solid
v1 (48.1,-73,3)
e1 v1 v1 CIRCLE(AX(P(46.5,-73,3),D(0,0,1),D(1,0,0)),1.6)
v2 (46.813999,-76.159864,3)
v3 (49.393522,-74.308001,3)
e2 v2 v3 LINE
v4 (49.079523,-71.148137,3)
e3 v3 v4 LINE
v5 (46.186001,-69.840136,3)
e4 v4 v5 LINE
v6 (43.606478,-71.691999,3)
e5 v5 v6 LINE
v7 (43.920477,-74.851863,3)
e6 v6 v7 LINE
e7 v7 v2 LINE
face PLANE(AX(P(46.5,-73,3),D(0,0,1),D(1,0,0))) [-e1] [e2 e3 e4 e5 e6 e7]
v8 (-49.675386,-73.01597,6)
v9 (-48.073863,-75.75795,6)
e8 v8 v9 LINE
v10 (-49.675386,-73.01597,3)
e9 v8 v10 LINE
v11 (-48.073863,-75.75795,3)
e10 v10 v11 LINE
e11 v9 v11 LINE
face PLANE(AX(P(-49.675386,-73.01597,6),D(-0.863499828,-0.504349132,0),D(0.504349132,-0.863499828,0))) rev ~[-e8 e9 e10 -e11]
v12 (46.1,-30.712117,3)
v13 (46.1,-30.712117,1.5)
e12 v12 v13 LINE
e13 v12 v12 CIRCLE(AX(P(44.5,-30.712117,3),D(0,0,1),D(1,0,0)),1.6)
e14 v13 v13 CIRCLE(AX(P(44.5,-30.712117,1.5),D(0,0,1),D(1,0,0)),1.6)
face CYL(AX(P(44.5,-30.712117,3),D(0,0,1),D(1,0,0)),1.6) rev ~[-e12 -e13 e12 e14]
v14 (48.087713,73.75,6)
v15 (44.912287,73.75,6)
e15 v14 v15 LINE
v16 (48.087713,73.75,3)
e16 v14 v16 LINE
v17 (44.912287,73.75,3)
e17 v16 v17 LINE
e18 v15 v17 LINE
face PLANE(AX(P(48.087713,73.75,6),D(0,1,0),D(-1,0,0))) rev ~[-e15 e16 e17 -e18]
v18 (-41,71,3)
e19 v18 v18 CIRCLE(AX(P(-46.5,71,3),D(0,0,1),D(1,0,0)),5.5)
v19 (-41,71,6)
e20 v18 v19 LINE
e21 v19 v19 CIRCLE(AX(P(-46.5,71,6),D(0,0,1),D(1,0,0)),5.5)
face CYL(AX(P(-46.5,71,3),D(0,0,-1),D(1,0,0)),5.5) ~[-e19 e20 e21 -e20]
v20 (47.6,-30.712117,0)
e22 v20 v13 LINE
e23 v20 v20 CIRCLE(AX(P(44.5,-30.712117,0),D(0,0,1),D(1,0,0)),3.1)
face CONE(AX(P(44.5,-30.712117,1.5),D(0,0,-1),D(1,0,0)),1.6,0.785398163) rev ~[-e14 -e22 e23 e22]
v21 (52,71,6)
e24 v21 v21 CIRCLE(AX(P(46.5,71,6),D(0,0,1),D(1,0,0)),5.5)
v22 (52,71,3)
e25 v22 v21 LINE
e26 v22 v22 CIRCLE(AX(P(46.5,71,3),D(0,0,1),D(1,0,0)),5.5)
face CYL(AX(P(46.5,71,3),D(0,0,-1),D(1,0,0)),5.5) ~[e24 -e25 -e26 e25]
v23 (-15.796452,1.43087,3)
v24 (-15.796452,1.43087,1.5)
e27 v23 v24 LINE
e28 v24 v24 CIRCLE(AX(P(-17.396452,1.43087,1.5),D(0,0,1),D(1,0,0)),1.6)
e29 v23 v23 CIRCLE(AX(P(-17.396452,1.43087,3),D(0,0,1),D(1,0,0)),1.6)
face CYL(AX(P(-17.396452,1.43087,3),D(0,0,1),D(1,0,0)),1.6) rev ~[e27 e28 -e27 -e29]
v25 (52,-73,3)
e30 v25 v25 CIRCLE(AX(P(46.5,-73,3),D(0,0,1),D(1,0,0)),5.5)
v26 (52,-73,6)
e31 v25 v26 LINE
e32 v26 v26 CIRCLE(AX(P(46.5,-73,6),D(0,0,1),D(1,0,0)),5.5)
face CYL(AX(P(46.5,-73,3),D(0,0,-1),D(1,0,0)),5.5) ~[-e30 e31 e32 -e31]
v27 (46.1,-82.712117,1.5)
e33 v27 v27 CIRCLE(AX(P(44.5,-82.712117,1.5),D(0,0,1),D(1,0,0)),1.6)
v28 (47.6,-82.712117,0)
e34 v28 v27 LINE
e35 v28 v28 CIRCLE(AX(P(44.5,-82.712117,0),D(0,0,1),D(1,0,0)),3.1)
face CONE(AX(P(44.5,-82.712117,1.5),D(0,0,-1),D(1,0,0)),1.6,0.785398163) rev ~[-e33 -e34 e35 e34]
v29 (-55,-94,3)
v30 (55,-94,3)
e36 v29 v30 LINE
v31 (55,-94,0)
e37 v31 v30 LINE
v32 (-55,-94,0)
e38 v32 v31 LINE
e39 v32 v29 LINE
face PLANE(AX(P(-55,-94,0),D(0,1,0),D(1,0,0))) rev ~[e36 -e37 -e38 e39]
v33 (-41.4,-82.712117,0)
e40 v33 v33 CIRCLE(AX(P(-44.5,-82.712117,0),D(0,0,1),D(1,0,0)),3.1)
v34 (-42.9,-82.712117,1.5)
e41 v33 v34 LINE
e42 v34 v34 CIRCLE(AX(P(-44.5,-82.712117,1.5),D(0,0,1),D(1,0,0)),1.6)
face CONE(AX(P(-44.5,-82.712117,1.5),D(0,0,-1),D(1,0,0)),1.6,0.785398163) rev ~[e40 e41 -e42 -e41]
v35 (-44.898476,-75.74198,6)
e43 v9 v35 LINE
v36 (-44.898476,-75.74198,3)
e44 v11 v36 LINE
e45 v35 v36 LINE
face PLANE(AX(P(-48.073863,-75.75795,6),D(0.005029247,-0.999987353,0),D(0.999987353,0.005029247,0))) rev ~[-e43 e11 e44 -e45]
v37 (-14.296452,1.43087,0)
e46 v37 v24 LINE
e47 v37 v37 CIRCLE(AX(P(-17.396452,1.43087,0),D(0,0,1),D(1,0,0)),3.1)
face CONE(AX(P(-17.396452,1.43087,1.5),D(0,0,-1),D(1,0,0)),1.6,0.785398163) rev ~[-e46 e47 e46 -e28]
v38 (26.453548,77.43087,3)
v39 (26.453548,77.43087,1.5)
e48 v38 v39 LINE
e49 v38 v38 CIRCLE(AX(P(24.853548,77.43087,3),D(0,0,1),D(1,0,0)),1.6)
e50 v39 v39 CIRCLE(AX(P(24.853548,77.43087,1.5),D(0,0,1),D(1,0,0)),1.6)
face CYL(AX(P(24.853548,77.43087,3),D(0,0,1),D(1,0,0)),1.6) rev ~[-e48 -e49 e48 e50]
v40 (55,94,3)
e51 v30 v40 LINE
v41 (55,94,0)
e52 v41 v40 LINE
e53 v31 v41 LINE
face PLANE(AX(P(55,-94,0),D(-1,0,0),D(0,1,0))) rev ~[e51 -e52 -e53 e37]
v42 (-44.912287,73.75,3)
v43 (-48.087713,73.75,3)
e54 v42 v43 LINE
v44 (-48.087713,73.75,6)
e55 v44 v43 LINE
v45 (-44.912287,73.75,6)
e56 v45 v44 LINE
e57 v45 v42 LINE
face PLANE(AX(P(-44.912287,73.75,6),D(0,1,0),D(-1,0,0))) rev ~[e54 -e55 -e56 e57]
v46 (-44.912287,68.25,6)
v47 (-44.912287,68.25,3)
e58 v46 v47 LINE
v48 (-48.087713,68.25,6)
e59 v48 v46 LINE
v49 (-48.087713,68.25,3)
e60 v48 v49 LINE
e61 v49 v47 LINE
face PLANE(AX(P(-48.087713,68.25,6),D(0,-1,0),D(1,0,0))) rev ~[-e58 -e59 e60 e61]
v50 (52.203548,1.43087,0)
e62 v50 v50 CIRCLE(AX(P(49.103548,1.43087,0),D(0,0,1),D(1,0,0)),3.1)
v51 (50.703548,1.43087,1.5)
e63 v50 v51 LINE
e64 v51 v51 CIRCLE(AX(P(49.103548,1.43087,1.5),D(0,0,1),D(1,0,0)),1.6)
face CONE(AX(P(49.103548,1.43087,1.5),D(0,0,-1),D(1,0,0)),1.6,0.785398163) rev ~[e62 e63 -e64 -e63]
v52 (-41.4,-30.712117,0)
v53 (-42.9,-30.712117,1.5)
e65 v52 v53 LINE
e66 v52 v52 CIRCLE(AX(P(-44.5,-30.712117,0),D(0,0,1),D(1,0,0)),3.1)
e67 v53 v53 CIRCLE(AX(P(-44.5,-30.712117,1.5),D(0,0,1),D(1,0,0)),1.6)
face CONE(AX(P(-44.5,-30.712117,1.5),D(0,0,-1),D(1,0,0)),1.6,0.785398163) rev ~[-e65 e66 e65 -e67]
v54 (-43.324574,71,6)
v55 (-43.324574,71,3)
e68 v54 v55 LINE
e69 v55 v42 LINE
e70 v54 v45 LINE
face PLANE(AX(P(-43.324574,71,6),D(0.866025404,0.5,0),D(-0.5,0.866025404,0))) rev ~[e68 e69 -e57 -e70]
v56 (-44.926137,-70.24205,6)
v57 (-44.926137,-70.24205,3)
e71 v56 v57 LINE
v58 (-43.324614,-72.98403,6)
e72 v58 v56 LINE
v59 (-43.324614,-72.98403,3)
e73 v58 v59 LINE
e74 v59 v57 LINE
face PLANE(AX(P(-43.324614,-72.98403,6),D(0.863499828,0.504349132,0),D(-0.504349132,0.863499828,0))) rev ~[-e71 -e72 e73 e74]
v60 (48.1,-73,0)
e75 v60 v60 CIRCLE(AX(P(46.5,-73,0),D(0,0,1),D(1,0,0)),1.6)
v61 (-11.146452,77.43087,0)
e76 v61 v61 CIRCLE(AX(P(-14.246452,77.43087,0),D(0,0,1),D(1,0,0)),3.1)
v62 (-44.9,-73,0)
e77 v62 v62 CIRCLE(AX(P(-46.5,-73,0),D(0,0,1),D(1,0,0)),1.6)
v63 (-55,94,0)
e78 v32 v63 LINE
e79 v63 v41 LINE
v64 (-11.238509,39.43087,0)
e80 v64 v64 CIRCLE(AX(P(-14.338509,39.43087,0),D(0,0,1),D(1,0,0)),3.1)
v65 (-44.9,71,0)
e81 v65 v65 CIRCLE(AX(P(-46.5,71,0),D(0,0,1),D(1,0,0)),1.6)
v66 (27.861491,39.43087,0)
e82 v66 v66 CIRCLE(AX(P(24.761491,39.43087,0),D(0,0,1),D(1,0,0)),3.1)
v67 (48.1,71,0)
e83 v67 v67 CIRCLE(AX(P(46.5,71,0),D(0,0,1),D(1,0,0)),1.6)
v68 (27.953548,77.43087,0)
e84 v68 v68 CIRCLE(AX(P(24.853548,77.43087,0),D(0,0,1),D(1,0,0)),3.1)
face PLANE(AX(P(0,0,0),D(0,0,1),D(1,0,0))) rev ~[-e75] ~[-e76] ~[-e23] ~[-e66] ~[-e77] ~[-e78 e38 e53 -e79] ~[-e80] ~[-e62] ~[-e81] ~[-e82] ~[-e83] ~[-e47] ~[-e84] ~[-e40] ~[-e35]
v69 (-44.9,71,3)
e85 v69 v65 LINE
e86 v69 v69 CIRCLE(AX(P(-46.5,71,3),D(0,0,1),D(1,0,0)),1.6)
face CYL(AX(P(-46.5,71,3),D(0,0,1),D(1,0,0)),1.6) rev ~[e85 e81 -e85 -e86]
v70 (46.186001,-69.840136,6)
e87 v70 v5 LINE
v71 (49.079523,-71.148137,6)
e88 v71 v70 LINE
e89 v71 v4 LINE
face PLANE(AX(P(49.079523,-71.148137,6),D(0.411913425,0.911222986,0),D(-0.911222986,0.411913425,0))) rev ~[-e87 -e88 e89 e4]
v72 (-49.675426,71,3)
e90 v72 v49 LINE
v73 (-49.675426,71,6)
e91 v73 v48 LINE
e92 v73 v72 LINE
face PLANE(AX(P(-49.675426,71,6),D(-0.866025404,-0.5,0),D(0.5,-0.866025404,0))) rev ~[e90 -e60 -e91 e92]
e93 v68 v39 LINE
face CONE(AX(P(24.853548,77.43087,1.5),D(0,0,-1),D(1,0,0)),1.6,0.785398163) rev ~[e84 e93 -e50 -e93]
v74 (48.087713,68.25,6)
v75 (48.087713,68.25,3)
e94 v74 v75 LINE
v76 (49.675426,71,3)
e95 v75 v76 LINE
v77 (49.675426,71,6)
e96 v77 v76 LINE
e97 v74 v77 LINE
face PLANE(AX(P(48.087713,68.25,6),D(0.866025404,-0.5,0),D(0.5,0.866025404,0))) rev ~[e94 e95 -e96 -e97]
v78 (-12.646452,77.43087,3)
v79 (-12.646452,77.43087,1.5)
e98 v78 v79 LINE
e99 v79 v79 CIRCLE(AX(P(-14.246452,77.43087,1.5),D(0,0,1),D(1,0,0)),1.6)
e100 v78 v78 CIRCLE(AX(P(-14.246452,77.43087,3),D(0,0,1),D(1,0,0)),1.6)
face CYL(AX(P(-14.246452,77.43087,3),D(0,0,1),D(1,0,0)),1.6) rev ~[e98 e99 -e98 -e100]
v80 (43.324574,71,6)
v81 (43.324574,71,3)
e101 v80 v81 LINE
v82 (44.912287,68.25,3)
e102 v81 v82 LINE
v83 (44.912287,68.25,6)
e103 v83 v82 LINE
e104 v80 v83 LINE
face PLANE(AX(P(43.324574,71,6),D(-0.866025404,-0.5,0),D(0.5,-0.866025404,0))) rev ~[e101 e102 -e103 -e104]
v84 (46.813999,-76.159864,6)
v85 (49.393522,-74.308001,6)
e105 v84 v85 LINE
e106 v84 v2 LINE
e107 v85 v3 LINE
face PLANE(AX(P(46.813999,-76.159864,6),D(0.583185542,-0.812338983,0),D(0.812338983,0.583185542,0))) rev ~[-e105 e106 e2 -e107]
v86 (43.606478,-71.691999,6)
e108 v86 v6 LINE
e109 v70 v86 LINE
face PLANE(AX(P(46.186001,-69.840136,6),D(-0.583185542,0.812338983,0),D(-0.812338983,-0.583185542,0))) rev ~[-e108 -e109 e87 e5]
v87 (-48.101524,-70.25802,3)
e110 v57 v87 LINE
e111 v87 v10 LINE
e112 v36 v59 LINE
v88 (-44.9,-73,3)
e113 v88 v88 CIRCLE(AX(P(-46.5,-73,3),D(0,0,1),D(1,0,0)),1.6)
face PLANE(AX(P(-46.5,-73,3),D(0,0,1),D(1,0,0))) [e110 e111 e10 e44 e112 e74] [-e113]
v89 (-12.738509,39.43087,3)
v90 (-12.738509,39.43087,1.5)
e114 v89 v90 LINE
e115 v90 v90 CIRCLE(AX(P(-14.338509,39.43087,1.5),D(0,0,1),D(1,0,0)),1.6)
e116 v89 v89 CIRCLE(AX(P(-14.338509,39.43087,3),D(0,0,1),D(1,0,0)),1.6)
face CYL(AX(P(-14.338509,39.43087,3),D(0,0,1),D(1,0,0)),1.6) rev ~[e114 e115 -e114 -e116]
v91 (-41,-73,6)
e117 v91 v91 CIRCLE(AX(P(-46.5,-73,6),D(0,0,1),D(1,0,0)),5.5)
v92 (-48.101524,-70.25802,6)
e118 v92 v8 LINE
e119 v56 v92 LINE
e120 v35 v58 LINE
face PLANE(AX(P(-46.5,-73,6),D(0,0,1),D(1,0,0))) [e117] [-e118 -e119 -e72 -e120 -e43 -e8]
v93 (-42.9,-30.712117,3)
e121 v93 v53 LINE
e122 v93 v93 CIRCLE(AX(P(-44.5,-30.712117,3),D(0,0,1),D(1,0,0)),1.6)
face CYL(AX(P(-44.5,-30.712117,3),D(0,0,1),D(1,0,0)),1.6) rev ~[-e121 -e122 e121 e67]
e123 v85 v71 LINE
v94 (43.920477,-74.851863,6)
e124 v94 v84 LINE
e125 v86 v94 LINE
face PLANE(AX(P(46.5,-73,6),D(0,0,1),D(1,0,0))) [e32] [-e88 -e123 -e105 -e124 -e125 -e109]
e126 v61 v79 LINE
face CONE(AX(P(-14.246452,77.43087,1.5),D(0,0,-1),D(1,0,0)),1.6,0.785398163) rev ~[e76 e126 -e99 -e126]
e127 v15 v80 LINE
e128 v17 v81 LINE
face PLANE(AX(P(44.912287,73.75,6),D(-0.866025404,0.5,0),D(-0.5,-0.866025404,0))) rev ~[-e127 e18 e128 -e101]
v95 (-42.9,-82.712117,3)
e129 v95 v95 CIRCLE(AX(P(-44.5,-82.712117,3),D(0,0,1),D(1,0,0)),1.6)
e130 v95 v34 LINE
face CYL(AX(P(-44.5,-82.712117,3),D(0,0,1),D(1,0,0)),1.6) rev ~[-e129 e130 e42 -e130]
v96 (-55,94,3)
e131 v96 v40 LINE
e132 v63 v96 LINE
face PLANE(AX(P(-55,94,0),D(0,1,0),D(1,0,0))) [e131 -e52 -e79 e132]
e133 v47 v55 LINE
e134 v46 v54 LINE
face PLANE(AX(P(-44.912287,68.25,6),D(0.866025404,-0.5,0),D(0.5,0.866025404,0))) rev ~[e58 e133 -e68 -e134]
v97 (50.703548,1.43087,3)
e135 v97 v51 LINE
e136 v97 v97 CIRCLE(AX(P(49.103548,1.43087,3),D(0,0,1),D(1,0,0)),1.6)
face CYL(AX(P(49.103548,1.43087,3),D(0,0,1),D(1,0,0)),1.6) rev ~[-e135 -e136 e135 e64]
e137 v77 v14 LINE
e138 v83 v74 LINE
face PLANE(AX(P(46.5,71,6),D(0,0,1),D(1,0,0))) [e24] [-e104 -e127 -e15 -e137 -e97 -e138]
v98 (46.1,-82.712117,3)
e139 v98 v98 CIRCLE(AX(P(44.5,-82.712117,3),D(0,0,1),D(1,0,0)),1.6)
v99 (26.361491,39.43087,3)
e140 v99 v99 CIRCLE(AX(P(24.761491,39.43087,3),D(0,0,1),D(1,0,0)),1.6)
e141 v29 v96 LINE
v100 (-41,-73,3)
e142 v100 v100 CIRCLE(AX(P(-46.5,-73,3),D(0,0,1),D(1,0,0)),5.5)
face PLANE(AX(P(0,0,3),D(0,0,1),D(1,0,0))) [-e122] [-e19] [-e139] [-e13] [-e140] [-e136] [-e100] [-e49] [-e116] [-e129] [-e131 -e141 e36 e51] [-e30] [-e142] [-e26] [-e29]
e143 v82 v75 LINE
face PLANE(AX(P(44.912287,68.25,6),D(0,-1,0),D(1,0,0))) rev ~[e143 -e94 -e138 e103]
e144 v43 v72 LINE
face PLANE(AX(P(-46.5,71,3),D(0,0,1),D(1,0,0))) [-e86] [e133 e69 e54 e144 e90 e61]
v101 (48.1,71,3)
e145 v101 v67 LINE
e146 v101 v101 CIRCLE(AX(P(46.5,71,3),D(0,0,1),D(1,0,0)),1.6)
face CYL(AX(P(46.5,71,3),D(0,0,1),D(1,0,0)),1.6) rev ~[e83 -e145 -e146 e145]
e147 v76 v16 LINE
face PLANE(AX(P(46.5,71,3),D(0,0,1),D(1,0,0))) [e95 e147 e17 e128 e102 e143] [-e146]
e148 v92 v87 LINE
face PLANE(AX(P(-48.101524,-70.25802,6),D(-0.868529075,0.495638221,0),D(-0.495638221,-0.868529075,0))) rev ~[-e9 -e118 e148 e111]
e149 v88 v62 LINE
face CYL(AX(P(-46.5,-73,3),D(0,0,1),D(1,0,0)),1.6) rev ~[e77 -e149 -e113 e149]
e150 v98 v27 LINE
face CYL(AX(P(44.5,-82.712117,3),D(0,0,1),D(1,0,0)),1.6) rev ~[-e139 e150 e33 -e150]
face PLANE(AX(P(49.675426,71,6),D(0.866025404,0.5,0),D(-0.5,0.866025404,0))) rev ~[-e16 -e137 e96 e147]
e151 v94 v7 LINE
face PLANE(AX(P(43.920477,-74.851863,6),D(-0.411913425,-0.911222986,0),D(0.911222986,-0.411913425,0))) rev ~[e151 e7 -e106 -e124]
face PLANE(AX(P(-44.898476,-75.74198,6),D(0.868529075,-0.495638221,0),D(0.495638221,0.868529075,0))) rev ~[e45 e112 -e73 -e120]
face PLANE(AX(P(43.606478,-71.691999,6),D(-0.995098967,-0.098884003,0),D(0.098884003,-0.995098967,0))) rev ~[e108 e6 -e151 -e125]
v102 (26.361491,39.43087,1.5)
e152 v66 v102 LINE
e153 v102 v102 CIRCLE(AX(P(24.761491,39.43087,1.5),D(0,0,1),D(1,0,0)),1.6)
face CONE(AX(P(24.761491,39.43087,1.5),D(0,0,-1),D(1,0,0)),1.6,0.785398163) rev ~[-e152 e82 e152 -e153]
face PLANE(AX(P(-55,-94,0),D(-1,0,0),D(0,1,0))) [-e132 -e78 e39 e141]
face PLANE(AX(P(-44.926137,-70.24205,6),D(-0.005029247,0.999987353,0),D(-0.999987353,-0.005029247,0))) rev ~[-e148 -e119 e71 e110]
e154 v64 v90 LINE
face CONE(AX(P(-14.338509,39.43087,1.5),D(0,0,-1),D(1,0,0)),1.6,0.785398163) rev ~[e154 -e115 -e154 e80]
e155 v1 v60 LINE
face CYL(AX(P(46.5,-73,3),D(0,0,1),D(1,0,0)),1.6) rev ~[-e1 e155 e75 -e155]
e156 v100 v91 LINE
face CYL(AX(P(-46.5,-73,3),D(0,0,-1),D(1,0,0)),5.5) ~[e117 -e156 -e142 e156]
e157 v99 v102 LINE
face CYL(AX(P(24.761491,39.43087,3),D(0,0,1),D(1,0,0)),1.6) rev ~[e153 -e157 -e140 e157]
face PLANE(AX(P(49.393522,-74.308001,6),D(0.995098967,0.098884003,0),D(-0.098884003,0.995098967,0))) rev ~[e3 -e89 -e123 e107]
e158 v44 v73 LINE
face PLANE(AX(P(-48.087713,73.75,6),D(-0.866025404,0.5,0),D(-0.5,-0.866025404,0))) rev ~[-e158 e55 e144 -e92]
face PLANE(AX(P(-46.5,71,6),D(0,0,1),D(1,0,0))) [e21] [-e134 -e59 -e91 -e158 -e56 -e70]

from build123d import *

# Parameters (mm, degrees)
SKETCH_1_W          = 110
SKETCH_1_H          = 188
EXTRUDE_1_DEPTH     = 3
SKETCH_2_R          = 1.6
CUT_EXTRUDE_1_DEPTH = 109.9495296
SKETCH_3_R          = 1.6
CUT_EXTRUDE_2_DEPTH = 109.9495296
CHAMFER_1_SIZE      = 1.5
SKETCH_4_R          = 5.5
EXTRUDE_2_DEPTH     = 3
CUT_EXTRUDE_3_DEPTH = 3


with BuildPart() as part:
    # 草图1 → 凸台-拉伸1 (new body)
    with BuildSketch(Plane.XY):
        Rectangle(SKETCH_1_W, SKETCH_1_H)
    extrude(amount=EXTRUDE_1_DEPTH)

    # 草图2 → 切除-拉伸1 (cut, through all)
    with BuildSketch(Plane.XY.offset(3)):
        with Locations((-46.5, 71)):
            Circle(SKETCH_2_R)
        with Locations((46.5, 71)):
            Circle(SKETCH_2_R)
        with Locations((-46.5, -73)):
            Circle(SKETCH_2_R)
        with Locations((46.5, -73)):
            Circle(SKETCH_2_R)
    extrude(amount=-CUT_EXTRUDE_1_DEPTH, mode=Mode.SUBTRACT)

    # 草图3 → 切除-拉伸2 (cut, through all)
    with BuildSketch(Plane.XY.offset(3)):
        with Locations((-44.5, -30.712116859)):
            Circle(SKETCH_3_R)
        with Locations((44.5, -30.712116859)):
            Circle(SKETCH_3_R)
        with Locations((44.5, -82.712116859)):
            Circle(SKETCH_3_R)
        with Locations((-44.5, -82.712116859)):
            Circle(SKETCH_3_R)
        with Locations((24.853547672, 77.430870452)):
            Circle(SKETCH_3_R)
        with Locations((-14.246452328, 77.430870452)):
            Circle(SKETCH_3_R)
        with Locations((24.761490923, 39.430870452)):
            Circle(SKETCH_3_R)
        with Locations((-14.338509077, 39.430870452)):
            Circle(SKETCH_3_R)
        with Locations((49.103547672, 1.430870452)):
            Circle(SKETCH_3_R)
        with Locations((-17.396452328, 1.430870452)):
            Circle(SKETCH_3_R)
    extrude(amount=-CUT_EXTRUDE_2_DEPTH, mode=Mode.SUBTRACT)

    # Chamfer 1
    chamfer_1_edges = [part.edges().sort_by_distance(p)[0] for p in [
        (-15.846452328, 77.430870452, 0),
        (23.161490923, 39.430870452, 0),
        (-15.938509077, 39.430870452, 0),
        (47.503547672, 1.430870452, 0),
        (23.253547672, 77.430870452, 0),
        (-46.1, -82.712116859, 0),
        (42.9, -82.712116859, 0),
        (42.9, -30.712116859, 0),
        (-18.996452328, 1.430870452, 0),
        (-46.1, -30.712116859, 0),
    ]]
    chamfer(chamfer_1_edges, length=CHAMFER_1_SIZE)

    # 草图4 → 凸台-拉伸2 (add)
    with BuildSketch(Plane.XY.offset(3)):
        with Locations((-46.5, 71)):
            Circle(SKETCH_4_R)
        with Locations((46.5, 71)):
            Circle(SKETCH_4_R)
        with Locations((-46.5, -73)):
            Circle(SKETCH_4_R)
        with Locations((46.5, -73)):
            Circle(SKETCH_4_R)
    extrude(amount=EXTRUDE_2_DEPTH)

    # 草图5 → 切除-拉伸3 (cut)
    with BuildSketch(Plane.XY.offset(6)):
        Polygon((-43.324573519, 71), (-44.91228676, 73.75), (-48.08771324, 73.75), (-49.675426481, 71), (-48.08771324, 68.25), (-44.91228676, 68.25), align=None)
        Polygon((49.675426481, 71), (48.08771324, 73.75), (44.91228676, 73.75), (43.324573519, 71), (44.91228676, 68.25), (48.08771324, 68.25), align=None)
        Polygon((-44.89847641, -75.741980219), (-43.324613678, -72.984029996), (-44.926137269, -70.242049776), (-48.10152359, -70.258019781), (-49.675386322, -73.015970004), (-48.073862731, -75.757950224), align=None)
        Polygon((46.813998882, -76.15986361), (49.3935216, -74.308000796), (49.079522718, -71.148137186), (46.186001118, -69.84013639), (43.6064784, -71.691999204), (43.920477282, -74.851862814), align=None)
    extrude(amount=-CUT_EXTRUDE_3_DEPTH, mode=Mode.SUBTRACT)


solid = part.part
